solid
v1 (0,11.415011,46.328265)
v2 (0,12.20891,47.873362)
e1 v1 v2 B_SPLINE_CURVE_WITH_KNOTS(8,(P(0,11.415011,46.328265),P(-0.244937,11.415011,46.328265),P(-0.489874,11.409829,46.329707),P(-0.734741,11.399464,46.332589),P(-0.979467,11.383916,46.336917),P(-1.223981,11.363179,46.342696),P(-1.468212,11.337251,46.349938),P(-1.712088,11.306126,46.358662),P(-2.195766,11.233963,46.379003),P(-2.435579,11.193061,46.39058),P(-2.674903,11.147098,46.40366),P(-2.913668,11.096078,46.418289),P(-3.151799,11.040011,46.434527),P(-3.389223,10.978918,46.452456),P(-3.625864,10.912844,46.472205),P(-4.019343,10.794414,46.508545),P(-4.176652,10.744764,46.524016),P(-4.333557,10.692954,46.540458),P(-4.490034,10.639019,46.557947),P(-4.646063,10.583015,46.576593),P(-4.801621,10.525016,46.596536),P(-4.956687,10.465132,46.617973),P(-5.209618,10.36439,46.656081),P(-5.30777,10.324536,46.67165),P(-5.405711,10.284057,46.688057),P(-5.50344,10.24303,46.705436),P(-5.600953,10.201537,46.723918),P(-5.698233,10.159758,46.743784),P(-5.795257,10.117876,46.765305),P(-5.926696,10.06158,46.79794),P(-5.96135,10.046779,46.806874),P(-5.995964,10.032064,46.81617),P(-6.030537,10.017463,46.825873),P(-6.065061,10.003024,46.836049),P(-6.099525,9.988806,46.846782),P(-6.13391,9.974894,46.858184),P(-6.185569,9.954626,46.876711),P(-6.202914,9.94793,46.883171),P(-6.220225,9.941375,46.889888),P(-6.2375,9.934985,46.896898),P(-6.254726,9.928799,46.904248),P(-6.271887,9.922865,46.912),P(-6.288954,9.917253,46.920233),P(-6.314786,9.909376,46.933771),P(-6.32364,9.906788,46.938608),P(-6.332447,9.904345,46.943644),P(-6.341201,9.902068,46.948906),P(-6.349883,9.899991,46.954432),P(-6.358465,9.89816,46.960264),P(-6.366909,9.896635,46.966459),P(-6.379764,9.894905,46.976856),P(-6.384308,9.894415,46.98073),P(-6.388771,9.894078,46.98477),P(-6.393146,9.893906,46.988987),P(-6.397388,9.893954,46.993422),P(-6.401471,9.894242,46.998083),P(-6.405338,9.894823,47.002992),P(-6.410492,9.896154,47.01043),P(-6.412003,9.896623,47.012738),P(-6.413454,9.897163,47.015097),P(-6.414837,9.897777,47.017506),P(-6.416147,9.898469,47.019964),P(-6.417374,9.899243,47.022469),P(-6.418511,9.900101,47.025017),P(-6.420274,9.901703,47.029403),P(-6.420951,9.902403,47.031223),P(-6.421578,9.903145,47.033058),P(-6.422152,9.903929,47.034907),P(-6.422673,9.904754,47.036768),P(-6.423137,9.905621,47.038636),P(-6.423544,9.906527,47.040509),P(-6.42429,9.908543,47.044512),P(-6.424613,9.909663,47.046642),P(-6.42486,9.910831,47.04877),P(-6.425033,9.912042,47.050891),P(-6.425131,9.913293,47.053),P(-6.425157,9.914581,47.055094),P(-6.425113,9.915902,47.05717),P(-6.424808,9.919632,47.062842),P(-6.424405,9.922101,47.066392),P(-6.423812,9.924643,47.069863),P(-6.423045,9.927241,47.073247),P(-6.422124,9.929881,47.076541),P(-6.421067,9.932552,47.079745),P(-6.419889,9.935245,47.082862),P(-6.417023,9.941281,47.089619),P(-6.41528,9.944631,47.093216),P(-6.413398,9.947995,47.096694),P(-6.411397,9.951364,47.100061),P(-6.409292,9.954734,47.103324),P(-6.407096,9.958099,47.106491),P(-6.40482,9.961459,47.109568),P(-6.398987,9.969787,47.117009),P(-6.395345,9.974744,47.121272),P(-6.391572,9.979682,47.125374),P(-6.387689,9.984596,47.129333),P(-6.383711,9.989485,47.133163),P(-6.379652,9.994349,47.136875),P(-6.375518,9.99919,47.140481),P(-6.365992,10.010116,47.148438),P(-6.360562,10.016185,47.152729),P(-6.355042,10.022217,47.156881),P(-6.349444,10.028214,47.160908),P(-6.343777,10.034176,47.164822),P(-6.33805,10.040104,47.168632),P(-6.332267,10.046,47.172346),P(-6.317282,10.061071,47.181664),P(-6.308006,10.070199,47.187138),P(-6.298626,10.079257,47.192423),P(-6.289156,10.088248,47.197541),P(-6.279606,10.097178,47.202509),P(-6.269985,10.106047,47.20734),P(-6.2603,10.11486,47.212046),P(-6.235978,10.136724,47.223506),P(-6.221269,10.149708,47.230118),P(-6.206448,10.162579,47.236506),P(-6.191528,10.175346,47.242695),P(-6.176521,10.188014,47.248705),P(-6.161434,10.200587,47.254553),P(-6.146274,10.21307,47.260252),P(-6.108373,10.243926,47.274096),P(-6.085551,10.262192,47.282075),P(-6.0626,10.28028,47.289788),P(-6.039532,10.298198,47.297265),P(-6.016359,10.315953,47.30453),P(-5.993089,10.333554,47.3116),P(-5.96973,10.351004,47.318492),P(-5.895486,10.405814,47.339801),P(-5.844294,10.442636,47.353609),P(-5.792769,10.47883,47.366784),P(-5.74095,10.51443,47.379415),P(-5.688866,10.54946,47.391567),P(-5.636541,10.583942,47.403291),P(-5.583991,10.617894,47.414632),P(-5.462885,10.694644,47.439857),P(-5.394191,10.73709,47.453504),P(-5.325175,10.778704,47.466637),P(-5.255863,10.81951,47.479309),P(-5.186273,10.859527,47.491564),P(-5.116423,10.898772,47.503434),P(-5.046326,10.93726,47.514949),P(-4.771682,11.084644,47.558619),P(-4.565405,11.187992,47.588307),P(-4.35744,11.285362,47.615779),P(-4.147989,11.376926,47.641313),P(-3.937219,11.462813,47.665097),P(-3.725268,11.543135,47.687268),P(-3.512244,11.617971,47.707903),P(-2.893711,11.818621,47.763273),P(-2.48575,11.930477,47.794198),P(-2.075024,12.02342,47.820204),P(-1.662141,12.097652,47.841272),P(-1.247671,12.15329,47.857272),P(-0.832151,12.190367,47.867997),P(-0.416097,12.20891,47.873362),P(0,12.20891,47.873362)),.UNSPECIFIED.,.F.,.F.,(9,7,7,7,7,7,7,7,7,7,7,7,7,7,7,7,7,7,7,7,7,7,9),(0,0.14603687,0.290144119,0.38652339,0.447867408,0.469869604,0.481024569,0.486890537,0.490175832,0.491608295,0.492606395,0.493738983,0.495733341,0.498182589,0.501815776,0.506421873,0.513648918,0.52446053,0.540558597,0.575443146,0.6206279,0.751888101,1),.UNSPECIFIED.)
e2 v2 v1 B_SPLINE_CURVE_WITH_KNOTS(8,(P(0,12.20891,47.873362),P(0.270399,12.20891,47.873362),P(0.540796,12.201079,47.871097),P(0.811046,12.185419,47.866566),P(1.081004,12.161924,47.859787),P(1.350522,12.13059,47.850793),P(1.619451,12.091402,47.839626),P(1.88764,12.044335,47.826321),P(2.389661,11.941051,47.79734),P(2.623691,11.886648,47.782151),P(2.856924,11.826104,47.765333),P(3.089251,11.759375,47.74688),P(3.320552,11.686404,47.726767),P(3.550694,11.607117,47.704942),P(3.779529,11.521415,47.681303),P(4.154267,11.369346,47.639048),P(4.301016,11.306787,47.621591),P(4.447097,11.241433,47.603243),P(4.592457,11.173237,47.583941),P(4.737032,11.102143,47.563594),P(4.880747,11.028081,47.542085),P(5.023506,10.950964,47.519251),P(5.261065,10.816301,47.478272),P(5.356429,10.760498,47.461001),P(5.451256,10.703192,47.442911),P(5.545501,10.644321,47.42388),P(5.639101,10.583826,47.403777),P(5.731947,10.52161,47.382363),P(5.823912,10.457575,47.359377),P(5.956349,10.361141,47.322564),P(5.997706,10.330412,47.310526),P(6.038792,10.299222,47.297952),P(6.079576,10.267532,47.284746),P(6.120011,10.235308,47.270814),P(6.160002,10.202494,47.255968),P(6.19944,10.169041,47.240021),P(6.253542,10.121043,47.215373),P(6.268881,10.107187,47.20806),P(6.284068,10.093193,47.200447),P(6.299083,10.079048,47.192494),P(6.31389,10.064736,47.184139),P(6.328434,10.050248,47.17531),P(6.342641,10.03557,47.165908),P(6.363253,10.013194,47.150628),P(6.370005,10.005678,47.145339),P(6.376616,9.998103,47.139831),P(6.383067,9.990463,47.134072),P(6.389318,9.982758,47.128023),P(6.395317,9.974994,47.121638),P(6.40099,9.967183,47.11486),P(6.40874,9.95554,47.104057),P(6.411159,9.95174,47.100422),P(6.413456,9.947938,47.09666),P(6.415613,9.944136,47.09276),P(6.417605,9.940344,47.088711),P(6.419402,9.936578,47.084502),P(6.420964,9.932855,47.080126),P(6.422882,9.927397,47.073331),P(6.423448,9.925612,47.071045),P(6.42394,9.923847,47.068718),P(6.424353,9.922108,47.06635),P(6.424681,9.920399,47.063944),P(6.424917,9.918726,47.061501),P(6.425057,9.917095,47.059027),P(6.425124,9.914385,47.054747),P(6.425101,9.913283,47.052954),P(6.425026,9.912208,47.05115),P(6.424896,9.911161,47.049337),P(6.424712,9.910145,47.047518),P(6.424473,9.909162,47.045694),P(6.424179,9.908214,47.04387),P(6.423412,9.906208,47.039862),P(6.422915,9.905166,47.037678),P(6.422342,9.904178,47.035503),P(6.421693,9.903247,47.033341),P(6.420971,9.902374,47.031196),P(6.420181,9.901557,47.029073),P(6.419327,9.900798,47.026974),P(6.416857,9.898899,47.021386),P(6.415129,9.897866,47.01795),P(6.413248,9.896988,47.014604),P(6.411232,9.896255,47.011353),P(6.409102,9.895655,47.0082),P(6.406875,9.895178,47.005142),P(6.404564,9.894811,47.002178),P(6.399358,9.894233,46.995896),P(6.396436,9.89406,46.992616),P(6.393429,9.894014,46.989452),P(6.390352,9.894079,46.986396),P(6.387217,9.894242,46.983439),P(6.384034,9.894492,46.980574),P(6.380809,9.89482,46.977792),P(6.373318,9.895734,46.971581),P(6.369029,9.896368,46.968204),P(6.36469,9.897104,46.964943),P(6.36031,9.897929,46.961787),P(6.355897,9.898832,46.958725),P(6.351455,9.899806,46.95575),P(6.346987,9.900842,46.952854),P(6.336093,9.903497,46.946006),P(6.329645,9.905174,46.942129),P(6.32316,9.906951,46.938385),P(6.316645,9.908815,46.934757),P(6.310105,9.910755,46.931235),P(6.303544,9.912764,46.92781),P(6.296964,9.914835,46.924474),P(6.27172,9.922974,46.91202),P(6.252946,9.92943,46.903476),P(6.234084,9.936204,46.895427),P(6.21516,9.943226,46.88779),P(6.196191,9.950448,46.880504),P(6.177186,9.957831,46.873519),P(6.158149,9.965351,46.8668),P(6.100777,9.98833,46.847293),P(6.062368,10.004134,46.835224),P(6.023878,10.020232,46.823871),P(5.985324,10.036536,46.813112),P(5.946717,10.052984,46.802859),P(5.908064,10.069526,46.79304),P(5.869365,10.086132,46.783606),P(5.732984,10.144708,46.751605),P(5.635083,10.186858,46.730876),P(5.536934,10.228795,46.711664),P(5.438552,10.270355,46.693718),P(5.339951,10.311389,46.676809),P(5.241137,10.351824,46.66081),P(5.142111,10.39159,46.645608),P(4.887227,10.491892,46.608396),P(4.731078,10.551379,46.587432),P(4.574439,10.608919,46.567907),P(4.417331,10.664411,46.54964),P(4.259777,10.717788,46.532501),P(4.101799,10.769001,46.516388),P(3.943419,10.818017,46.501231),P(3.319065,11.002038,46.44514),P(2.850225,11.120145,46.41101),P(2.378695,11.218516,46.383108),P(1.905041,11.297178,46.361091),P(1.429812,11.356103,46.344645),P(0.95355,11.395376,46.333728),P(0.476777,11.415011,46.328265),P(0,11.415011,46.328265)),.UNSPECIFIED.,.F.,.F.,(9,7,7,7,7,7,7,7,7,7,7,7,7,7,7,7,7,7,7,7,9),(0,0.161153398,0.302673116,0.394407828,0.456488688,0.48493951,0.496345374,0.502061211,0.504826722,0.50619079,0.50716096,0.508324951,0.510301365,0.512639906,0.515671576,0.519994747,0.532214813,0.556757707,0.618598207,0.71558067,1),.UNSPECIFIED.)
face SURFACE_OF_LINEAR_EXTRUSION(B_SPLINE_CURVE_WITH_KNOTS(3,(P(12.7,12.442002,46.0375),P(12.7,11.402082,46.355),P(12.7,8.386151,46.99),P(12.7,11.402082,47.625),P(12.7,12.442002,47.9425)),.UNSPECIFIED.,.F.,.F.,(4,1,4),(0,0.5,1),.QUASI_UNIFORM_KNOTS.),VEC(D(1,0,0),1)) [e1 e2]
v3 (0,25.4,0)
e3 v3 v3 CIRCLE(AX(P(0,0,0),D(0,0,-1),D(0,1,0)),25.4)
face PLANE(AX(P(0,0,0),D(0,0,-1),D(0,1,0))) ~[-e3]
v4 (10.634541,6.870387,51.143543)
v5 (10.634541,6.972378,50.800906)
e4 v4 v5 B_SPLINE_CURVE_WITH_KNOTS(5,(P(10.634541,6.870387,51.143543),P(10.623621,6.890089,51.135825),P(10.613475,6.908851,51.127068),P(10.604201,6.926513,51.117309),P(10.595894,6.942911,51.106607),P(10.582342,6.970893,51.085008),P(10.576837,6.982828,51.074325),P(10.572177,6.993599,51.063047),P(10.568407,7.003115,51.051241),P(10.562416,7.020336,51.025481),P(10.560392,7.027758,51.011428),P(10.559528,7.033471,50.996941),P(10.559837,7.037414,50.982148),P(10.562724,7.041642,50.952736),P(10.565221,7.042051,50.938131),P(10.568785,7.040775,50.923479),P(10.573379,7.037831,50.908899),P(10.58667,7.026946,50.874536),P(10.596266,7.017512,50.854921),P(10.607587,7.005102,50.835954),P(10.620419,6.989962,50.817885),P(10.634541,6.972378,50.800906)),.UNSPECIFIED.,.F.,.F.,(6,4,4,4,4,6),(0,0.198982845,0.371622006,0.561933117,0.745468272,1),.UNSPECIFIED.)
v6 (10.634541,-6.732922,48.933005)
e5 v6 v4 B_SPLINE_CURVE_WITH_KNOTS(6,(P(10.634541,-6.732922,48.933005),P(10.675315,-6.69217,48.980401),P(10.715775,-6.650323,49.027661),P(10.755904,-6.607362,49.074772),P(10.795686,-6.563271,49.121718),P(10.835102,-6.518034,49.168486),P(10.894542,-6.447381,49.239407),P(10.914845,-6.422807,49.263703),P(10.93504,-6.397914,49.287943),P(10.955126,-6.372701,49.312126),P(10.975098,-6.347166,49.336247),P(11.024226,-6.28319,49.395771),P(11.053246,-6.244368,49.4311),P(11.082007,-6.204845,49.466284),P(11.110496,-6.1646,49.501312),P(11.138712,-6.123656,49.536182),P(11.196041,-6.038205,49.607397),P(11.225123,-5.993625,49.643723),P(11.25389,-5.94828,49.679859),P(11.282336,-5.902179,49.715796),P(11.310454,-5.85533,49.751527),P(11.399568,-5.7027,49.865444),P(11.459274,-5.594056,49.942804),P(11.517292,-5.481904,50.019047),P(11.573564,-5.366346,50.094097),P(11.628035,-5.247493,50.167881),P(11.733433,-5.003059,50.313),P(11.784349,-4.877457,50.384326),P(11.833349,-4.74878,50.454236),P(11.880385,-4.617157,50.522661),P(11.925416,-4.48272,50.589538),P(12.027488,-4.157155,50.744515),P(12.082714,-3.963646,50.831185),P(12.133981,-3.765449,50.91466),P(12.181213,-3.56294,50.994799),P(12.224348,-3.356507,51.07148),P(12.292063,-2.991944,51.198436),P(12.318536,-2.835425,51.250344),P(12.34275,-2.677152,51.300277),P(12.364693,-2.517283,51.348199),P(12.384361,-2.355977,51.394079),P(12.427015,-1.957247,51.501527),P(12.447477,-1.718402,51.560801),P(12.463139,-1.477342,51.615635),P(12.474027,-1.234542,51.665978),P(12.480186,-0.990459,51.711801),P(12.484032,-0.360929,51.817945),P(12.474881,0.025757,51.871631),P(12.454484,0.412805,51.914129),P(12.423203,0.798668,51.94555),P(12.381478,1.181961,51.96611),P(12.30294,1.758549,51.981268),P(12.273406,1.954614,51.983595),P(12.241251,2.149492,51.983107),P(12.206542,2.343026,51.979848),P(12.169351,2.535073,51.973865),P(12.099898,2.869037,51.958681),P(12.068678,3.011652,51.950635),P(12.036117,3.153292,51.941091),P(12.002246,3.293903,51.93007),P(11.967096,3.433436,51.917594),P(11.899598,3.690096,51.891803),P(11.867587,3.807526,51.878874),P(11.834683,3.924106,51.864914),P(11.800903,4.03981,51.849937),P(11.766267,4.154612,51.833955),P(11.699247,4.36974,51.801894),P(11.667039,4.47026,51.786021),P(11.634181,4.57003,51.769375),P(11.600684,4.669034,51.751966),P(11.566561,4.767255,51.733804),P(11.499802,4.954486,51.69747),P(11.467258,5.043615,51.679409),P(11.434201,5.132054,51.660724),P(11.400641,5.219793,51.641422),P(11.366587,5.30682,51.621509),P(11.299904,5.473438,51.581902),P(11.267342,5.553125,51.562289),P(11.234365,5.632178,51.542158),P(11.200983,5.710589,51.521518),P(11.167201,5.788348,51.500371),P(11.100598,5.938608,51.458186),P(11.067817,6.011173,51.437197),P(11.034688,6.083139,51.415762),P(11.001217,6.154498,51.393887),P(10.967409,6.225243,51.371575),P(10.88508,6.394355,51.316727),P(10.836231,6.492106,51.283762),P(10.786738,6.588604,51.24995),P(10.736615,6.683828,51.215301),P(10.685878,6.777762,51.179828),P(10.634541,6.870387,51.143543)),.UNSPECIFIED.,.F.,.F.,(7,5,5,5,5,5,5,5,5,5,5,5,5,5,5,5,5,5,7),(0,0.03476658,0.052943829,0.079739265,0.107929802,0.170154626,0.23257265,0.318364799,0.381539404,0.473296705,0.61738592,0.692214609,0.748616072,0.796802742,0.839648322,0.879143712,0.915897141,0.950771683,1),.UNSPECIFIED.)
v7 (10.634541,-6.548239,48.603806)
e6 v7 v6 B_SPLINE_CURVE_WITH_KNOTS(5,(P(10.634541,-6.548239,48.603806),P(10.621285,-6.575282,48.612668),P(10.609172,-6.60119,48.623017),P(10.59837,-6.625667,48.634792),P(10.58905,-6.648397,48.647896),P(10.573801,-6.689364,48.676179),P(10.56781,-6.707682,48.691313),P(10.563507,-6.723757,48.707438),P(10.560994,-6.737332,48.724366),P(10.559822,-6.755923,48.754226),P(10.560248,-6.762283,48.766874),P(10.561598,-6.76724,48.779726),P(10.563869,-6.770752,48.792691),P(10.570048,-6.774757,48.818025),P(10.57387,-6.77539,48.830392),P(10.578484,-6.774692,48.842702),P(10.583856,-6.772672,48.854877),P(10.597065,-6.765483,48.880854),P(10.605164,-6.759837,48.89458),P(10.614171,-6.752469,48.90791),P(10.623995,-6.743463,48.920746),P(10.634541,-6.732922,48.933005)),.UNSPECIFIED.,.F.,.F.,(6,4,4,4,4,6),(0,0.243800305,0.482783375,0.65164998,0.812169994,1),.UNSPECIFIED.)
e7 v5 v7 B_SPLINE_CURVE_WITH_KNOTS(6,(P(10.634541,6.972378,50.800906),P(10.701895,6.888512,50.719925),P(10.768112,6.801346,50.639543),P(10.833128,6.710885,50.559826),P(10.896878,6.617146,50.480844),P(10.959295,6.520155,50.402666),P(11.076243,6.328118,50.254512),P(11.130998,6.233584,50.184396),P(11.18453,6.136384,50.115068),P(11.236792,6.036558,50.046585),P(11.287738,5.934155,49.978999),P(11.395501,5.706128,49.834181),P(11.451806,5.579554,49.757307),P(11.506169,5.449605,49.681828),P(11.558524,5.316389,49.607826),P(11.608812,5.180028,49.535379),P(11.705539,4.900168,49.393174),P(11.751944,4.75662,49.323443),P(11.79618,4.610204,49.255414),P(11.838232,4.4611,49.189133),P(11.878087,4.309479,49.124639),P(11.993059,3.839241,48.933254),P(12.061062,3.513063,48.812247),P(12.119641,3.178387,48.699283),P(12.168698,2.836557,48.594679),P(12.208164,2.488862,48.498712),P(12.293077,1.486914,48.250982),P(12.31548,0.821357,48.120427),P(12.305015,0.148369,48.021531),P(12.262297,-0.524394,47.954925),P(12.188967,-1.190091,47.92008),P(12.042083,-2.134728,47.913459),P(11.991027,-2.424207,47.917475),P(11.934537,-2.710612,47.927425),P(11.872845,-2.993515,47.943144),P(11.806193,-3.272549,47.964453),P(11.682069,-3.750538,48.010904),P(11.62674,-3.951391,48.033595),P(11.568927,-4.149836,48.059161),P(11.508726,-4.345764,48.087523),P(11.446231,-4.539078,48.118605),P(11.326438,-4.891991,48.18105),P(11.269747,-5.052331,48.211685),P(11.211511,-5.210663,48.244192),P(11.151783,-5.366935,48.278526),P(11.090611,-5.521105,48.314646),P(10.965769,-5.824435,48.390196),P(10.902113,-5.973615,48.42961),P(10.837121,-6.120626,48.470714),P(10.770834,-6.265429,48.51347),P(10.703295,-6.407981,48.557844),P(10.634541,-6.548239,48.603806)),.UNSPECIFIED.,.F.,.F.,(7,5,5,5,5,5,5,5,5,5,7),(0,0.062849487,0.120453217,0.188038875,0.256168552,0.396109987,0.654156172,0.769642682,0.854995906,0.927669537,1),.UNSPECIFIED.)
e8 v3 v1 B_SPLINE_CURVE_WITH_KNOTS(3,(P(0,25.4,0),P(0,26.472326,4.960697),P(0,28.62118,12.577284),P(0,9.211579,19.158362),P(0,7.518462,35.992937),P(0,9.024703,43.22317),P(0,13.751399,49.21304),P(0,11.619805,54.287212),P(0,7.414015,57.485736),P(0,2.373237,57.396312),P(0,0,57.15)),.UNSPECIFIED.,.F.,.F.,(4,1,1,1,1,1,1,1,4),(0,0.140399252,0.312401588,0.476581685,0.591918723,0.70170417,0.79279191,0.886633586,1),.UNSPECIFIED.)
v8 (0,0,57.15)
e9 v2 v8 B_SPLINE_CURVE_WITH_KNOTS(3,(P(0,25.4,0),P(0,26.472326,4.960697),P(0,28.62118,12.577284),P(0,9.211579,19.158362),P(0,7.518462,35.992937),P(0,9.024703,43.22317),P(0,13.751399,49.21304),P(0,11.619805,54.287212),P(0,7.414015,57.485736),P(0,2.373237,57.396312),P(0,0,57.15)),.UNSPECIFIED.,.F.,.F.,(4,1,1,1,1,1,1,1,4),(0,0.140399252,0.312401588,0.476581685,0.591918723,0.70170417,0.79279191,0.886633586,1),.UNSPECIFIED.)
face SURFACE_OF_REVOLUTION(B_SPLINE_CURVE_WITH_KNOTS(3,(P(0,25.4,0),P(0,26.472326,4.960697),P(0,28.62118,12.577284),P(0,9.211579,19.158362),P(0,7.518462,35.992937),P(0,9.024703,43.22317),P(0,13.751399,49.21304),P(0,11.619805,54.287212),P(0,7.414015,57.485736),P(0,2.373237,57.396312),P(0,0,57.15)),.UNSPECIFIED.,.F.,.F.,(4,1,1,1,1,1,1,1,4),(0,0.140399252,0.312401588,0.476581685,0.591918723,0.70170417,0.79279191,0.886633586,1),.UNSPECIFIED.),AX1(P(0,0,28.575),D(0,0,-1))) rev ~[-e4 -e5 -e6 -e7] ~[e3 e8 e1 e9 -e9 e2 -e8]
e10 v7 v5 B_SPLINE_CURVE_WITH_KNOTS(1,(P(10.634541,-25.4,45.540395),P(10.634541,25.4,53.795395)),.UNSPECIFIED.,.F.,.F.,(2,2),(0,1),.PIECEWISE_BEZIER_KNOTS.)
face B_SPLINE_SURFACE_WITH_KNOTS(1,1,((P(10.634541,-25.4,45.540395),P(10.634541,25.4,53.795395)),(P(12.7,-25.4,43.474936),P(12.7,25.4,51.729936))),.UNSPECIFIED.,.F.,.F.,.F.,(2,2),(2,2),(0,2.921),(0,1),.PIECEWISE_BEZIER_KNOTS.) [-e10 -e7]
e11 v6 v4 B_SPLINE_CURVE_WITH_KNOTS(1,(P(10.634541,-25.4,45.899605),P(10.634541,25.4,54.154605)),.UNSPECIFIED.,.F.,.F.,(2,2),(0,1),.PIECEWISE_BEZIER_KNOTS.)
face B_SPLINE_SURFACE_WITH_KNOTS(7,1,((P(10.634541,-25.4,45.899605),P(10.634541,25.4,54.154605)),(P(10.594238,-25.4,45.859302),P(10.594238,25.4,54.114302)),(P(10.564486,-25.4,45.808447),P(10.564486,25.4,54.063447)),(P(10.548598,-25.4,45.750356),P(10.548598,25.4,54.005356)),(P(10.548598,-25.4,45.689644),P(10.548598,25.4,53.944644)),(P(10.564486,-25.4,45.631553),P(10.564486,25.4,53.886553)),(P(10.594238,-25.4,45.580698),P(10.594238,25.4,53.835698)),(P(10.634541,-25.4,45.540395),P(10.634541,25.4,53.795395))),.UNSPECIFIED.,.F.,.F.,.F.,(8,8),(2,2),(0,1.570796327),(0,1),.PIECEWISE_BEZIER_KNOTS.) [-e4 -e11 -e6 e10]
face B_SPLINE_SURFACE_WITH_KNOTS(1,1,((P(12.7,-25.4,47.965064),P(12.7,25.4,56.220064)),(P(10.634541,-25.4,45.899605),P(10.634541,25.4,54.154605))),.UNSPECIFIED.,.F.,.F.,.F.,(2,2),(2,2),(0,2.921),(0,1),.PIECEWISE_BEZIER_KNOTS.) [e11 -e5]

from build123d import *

# Parameters (mm, degrees)
F4_DEPTH = 25.4


with BuildPart() as f1:
    # F0 (on Right) → F1 (revolve)
    with BuildSketch(Plane.YZ):
        with BuildLine():
            Line((0, 57.15), (0, 0))
            Line((0, 0), (25.4, 0))
            add(Edge.make_bspline(
                [(25.4, 0), (26.4723256299, 4.9606971764), (28.6211804318, 12.577284252), (9.2115788749, 19.1583620388), (7.5184621892, 35.9929365466), (9.0247026487, 43.2231699218), (13.7513986841, 49.2130397008), (11.6198053885, 54.28721156), (7.4140153578, 57.4857358404), (2.3732369584, 57.3963116767), (0, 57.15)],
                knots=[0, 0, 0, 0, 0.1403992521, 0.3124015884, 0.4765816851, 0.5919187234, 0.7017041704, 0.7927919103, 0.8866335864, 1, 1, 1, 1], degree=3))
        make_face()
    revolve(axis=Axis((0, 0, 28.575), (0, 0, -1)))

    # F3 (on offset) → F4 (cut)
    with BuildSketch(Plane.YZ.offset(12.7)):
        with BuildLine():
            Line((12.4420020729, 46.0375), (12.4420020729, 47.9425))
            add(Edge.make_bspline(
                [(12.4420020729, 46.0375), (11.4020821617, 46.355), (8.3861514016, 46.99), (11.4020821617, 47.625), (12.4420020729, 47.9425)],
                knots=[0, 0, 0, 0, 0.5, 1, 1, 1, 1], degree=3))
        make_face()
    extrude(amount=-F4_DEPTH, mode=Mode.SUBTRACT)

    # F7 (on offset) → F9 section 0
    with BuildSketch(Plane.XZ.offset(25.4)):
        with BuildLine():
            Line((12.7, 43.4749359697), (14.9450640303, 45.72))
            Line((14.9450640303, 45.72), (12.7, 47.9650640303))
            Line((12.7, 47.9650640303), (10.6345410922, 45.8996051224))
            ThreePointArc((10.6345410922, 45.8996051224), (10.5601462146, 45.72), (10.6345410922, 45.5403948776))
            Line((10.6345410922, 45.5403948776), (12.7, 43.4749359697))
        make_face()
    # F8 (on offset) → F9 section 1
    with BuildSketch(Plane.XZ.offset(-25.4)):
        with BuildLine():
            Line((12.7, 51.7299359697), (14.9450640303, 53.975))
            Line((14.9450640303, 53.975), (12.7, 56.2200640303))
            Line((12.7, 56.2200640303), (10.6345410922, 54.1546051224))
            ThreePointArc((10.6345410922, 54.1546051224), (10.5601462146, 53.975), (10.6345410922, 53.7953948776))
            Line((10.6345410922, 53.7953948776), (12.7, 51.7299359697))
        make_face()
    loft(mode=Mode.SUBTRACT)


solid = f1.part
